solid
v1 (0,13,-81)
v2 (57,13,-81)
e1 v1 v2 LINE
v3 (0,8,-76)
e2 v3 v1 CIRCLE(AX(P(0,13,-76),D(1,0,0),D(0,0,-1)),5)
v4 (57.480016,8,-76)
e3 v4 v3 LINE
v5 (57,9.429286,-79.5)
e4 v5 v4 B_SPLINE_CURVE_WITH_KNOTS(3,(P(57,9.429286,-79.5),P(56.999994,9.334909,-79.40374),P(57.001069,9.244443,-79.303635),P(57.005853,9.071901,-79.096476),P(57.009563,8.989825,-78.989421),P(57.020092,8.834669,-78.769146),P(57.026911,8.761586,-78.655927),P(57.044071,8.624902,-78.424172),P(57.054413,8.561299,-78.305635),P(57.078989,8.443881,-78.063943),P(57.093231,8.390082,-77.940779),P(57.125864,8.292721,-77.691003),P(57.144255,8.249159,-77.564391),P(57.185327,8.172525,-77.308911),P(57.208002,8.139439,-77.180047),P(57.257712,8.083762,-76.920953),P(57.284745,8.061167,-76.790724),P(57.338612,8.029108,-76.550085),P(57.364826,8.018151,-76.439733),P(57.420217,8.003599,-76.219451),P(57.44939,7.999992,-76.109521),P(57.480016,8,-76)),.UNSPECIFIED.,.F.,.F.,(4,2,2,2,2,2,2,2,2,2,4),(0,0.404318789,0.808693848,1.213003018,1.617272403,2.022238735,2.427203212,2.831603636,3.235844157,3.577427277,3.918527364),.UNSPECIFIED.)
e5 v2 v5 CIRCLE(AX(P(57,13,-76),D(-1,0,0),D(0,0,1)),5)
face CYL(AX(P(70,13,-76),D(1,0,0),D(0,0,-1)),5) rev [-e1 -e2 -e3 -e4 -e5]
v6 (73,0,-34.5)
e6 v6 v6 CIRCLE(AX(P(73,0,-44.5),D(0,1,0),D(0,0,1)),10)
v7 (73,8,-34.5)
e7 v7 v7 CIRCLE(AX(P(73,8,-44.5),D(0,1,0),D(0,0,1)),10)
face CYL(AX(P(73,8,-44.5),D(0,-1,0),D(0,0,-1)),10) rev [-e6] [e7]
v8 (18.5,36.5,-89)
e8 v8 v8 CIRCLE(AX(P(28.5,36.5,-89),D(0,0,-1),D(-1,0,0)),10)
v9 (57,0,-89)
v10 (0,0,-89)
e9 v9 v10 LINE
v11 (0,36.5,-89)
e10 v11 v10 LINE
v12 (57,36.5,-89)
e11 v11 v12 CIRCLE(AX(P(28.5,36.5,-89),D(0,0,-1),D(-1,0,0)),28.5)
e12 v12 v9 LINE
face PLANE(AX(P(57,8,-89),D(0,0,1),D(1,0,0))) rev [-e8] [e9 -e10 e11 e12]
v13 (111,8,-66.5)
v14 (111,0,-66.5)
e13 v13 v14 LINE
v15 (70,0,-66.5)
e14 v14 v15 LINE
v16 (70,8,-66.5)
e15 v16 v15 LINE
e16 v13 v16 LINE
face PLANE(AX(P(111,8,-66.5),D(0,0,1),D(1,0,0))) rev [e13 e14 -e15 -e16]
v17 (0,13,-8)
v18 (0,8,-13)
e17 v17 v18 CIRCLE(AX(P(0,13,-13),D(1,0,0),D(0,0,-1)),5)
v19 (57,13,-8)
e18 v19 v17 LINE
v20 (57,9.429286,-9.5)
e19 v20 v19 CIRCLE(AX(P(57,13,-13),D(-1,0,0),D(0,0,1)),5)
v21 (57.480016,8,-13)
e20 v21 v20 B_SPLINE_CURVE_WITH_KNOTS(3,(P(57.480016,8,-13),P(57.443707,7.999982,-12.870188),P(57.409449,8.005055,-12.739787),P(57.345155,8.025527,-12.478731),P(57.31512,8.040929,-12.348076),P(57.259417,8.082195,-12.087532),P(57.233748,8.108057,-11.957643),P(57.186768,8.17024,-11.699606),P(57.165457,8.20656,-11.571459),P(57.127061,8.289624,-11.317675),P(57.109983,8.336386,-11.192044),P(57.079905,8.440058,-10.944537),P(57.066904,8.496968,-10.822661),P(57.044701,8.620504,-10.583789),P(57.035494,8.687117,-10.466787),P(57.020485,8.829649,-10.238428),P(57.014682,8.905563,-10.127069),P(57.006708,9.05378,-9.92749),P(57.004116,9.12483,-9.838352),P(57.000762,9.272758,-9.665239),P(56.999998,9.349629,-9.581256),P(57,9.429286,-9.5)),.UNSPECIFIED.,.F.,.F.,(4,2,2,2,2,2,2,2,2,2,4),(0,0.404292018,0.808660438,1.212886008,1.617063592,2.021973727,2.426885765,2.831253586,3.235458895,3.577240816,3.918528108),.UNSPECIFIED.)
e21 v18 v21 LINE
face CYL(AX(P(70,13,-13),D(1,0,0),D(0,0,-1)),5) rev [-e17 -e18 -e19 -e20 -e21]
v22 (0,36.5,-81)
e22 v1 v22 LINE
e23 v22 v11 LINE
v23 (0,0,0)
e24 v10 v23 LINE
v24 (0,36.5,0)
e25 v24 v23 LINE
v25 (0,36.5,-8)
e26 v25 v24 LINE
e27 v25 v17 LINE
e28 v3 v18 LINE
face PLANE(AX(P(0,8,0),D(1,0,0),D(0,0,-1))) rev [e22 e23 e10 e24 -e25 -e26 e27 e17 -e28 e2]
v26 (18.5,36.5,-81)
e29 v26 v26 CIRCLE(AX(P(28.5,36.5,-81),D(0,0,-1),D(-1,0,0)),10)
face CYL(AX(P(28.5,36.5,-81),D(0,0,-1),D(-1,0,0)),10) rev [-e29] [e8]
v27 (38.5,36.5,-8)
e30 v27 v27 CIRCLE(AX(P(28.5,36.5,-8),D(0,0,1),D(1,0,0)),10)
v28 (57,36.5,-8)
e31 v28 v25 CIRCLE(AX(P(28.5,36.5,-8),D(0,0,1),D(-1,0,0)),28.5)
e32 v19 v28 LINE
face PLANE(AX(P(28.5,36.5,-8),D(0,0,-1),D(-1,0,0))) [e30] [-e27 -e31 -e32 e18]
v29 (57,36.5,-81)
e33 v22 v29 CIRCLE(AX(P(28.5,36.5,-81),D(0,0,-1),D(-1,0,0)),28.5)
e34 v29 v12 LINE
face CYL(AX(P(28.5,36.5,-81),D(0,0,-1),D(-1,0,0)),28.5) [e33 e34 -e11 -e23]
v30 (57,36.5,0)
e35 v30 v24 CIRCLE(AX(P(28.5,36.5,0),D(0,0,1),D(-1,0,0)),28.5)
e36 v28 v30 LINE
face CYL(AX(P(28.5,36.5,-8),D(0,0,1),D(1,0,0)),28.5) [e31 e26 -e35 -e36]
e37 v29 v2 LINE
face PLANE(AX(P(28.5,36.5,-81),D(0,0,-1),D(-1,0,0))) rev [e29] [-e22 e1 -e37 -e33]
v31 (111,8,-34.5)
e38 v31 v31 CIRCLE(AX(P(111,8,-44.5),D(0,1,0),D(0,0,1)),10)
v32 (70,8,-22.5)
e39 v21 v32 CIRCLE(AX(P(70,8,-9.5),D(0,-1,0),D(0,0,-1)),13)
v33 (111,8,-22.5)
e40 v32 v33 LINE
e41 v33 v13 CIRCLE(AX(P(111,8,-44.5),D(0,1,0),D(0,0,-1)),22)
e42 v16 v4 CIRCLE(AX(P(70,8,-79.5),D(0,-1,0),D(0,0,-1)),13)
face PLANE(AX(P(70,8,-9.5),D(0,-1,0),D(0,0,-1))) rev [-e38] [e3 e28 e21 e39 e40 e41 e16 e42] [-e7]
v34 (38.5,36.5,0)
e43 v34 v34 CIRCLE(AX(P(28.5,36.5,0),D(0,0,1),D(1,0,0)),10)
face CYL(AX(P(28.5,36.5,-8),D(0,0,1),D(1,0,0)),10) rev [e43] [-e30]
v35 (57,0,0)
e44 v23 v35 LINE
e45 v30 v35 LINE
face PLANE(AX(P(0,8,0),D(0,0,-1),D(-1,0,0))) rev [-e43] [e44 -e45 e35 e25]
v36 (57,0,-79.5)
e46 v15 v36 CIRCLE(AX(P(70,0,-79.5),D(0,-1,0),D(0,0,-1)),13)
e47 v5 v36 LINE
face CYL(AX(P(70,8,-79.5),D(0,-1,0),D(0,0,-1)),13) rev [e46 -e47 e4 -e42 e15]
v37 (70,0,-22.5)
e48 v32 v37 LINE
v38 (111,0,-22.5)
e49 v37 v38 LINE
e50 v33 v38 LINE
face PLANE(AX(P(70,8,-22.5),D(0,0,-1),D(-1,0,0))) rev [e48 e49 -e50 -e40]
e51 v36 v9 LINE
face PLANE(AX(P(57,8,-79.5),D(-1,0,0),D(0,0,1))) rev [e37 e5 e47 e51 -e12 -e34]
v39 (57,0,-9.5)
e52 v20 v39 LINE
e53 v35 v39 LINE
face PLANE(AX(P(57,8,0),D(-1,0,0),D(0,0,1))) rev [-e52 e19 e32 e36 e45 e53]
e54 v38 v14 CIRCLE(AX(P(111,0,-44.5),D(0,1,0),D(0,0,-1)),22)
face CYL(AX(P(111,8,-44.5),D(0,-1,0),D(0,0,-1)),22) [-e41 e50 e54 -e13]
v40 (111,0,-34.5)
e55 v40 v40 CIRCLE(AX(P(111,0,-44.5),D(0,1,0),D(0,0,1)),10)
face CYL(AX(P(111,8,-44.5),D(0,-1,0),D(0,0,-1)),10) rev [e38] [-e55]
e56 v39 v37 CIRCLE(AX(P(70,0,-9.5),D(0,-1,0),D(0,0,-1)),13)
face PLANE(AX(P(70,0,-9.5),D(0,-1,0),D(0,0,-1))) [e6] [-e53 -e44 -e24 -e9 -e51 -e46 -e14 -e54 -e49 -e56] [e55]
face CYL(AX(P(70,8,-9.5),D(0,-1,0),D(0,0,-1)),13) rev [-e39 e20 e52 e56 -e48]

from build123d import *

# Parameters (mm, degrees)
SKETCH2_R           = 10
BOSS_EXTRUDE1_DEPTH = 8
SKETCH3_R           = 10
BOSS_EXTRUDE2_DEPTH = 8
SKETCH4_R           = 10
BOSS_EXTRUDE3_DEPTH = 8
FILLET1_R           = 5


with BuildPart() as part:
    # Sketch2 → Boss-Extrude1 (new body)
    with BuildSketch(Plane(origin=(0, 0, 0), x_dir=(1, 0, 0), z_dir=(0, 1, 0))):
        with BuildLine():
            Line((0, 0), (0, 89))
            Line((0, 89), (57, 89))
            Line((57, 89), (57, 79.5))
            ThreePointArc((57, 79.5), (60.807611845, 70.307611845), (70, 66.5))
            Line((70, 66.5), (111, 66.5))
            ThreePointArc((111, 66.5), (133, 44.5), (111, 22.5))
            Line((111, 22.5), (70, 22.5))
            ThreePointArc((70, 22.5), (60.807611845, 18.692388155), (57, 9.5))
            Line((57, 9.5), (57, 0))
            Line((57, 0), (0, 0))
        make_face()
        with Locations((73, 44.5)):
            Circle(SKETCH2_R, mode=Mode.SUBTRACT)
        with Locations((111, 44.5)):
            Circle(SKETCH2_R, mode=Mode.SUBTRACT)
    extrude(amount=BOSS_EXTRUDE1_DEPTH)

    # Sketch3 → Boss-Extrude2 (add)
    with BuildSketch(Plane.XY):
        with BuildLine():
            Line((0, 0), (57, 0))
            Line((57, 0), (57, 36.5))
            ThreePointArc((57, 36.5), (28.5, 65), (0, 36.5))
            Line((0, 36.5), (0, 0))
        make_face()
        with Locations((28.5, 36.5)):
            Circle(SKETCH3_R, mode=Mode.SUBTRACT)
    extrude(amount=-BOSS_EXTRUDE2_DEPTH)

    # Sketch4 → Boss-Extrude3 (add)
    with BuildSketch(Plane(origin=(0, 0, -89), x_dir=(-1, 0, 0), z_dir=(0, 0, -1))):
        with BuildLine():
            Line((-57, 8), (0, 8))
            Line((0, 8), (0, 36.5))
            ThreePointArc((0, 36.5), (-28.5, 65), (-57, 36.5))
            Line((-57, 36.5), (-57, 8))
        make_face()
        with Locations((-28.5, 36.5)):
            Circle(SKETCH4_R, mode=Mode.SUBTRACT)
    extrude(amount=-BOSS_EXTRUDE3_DEPTH)

    # Fillet1
    fillet1_edges = [part.edges().sort_by_distance(p)[0] for p in [
        (28.5, 8, -8),
        (28.5, 8, -81),
    ]]
    fillet(fillet1_edges, radius=FILLET1_R)


solid = part.part
